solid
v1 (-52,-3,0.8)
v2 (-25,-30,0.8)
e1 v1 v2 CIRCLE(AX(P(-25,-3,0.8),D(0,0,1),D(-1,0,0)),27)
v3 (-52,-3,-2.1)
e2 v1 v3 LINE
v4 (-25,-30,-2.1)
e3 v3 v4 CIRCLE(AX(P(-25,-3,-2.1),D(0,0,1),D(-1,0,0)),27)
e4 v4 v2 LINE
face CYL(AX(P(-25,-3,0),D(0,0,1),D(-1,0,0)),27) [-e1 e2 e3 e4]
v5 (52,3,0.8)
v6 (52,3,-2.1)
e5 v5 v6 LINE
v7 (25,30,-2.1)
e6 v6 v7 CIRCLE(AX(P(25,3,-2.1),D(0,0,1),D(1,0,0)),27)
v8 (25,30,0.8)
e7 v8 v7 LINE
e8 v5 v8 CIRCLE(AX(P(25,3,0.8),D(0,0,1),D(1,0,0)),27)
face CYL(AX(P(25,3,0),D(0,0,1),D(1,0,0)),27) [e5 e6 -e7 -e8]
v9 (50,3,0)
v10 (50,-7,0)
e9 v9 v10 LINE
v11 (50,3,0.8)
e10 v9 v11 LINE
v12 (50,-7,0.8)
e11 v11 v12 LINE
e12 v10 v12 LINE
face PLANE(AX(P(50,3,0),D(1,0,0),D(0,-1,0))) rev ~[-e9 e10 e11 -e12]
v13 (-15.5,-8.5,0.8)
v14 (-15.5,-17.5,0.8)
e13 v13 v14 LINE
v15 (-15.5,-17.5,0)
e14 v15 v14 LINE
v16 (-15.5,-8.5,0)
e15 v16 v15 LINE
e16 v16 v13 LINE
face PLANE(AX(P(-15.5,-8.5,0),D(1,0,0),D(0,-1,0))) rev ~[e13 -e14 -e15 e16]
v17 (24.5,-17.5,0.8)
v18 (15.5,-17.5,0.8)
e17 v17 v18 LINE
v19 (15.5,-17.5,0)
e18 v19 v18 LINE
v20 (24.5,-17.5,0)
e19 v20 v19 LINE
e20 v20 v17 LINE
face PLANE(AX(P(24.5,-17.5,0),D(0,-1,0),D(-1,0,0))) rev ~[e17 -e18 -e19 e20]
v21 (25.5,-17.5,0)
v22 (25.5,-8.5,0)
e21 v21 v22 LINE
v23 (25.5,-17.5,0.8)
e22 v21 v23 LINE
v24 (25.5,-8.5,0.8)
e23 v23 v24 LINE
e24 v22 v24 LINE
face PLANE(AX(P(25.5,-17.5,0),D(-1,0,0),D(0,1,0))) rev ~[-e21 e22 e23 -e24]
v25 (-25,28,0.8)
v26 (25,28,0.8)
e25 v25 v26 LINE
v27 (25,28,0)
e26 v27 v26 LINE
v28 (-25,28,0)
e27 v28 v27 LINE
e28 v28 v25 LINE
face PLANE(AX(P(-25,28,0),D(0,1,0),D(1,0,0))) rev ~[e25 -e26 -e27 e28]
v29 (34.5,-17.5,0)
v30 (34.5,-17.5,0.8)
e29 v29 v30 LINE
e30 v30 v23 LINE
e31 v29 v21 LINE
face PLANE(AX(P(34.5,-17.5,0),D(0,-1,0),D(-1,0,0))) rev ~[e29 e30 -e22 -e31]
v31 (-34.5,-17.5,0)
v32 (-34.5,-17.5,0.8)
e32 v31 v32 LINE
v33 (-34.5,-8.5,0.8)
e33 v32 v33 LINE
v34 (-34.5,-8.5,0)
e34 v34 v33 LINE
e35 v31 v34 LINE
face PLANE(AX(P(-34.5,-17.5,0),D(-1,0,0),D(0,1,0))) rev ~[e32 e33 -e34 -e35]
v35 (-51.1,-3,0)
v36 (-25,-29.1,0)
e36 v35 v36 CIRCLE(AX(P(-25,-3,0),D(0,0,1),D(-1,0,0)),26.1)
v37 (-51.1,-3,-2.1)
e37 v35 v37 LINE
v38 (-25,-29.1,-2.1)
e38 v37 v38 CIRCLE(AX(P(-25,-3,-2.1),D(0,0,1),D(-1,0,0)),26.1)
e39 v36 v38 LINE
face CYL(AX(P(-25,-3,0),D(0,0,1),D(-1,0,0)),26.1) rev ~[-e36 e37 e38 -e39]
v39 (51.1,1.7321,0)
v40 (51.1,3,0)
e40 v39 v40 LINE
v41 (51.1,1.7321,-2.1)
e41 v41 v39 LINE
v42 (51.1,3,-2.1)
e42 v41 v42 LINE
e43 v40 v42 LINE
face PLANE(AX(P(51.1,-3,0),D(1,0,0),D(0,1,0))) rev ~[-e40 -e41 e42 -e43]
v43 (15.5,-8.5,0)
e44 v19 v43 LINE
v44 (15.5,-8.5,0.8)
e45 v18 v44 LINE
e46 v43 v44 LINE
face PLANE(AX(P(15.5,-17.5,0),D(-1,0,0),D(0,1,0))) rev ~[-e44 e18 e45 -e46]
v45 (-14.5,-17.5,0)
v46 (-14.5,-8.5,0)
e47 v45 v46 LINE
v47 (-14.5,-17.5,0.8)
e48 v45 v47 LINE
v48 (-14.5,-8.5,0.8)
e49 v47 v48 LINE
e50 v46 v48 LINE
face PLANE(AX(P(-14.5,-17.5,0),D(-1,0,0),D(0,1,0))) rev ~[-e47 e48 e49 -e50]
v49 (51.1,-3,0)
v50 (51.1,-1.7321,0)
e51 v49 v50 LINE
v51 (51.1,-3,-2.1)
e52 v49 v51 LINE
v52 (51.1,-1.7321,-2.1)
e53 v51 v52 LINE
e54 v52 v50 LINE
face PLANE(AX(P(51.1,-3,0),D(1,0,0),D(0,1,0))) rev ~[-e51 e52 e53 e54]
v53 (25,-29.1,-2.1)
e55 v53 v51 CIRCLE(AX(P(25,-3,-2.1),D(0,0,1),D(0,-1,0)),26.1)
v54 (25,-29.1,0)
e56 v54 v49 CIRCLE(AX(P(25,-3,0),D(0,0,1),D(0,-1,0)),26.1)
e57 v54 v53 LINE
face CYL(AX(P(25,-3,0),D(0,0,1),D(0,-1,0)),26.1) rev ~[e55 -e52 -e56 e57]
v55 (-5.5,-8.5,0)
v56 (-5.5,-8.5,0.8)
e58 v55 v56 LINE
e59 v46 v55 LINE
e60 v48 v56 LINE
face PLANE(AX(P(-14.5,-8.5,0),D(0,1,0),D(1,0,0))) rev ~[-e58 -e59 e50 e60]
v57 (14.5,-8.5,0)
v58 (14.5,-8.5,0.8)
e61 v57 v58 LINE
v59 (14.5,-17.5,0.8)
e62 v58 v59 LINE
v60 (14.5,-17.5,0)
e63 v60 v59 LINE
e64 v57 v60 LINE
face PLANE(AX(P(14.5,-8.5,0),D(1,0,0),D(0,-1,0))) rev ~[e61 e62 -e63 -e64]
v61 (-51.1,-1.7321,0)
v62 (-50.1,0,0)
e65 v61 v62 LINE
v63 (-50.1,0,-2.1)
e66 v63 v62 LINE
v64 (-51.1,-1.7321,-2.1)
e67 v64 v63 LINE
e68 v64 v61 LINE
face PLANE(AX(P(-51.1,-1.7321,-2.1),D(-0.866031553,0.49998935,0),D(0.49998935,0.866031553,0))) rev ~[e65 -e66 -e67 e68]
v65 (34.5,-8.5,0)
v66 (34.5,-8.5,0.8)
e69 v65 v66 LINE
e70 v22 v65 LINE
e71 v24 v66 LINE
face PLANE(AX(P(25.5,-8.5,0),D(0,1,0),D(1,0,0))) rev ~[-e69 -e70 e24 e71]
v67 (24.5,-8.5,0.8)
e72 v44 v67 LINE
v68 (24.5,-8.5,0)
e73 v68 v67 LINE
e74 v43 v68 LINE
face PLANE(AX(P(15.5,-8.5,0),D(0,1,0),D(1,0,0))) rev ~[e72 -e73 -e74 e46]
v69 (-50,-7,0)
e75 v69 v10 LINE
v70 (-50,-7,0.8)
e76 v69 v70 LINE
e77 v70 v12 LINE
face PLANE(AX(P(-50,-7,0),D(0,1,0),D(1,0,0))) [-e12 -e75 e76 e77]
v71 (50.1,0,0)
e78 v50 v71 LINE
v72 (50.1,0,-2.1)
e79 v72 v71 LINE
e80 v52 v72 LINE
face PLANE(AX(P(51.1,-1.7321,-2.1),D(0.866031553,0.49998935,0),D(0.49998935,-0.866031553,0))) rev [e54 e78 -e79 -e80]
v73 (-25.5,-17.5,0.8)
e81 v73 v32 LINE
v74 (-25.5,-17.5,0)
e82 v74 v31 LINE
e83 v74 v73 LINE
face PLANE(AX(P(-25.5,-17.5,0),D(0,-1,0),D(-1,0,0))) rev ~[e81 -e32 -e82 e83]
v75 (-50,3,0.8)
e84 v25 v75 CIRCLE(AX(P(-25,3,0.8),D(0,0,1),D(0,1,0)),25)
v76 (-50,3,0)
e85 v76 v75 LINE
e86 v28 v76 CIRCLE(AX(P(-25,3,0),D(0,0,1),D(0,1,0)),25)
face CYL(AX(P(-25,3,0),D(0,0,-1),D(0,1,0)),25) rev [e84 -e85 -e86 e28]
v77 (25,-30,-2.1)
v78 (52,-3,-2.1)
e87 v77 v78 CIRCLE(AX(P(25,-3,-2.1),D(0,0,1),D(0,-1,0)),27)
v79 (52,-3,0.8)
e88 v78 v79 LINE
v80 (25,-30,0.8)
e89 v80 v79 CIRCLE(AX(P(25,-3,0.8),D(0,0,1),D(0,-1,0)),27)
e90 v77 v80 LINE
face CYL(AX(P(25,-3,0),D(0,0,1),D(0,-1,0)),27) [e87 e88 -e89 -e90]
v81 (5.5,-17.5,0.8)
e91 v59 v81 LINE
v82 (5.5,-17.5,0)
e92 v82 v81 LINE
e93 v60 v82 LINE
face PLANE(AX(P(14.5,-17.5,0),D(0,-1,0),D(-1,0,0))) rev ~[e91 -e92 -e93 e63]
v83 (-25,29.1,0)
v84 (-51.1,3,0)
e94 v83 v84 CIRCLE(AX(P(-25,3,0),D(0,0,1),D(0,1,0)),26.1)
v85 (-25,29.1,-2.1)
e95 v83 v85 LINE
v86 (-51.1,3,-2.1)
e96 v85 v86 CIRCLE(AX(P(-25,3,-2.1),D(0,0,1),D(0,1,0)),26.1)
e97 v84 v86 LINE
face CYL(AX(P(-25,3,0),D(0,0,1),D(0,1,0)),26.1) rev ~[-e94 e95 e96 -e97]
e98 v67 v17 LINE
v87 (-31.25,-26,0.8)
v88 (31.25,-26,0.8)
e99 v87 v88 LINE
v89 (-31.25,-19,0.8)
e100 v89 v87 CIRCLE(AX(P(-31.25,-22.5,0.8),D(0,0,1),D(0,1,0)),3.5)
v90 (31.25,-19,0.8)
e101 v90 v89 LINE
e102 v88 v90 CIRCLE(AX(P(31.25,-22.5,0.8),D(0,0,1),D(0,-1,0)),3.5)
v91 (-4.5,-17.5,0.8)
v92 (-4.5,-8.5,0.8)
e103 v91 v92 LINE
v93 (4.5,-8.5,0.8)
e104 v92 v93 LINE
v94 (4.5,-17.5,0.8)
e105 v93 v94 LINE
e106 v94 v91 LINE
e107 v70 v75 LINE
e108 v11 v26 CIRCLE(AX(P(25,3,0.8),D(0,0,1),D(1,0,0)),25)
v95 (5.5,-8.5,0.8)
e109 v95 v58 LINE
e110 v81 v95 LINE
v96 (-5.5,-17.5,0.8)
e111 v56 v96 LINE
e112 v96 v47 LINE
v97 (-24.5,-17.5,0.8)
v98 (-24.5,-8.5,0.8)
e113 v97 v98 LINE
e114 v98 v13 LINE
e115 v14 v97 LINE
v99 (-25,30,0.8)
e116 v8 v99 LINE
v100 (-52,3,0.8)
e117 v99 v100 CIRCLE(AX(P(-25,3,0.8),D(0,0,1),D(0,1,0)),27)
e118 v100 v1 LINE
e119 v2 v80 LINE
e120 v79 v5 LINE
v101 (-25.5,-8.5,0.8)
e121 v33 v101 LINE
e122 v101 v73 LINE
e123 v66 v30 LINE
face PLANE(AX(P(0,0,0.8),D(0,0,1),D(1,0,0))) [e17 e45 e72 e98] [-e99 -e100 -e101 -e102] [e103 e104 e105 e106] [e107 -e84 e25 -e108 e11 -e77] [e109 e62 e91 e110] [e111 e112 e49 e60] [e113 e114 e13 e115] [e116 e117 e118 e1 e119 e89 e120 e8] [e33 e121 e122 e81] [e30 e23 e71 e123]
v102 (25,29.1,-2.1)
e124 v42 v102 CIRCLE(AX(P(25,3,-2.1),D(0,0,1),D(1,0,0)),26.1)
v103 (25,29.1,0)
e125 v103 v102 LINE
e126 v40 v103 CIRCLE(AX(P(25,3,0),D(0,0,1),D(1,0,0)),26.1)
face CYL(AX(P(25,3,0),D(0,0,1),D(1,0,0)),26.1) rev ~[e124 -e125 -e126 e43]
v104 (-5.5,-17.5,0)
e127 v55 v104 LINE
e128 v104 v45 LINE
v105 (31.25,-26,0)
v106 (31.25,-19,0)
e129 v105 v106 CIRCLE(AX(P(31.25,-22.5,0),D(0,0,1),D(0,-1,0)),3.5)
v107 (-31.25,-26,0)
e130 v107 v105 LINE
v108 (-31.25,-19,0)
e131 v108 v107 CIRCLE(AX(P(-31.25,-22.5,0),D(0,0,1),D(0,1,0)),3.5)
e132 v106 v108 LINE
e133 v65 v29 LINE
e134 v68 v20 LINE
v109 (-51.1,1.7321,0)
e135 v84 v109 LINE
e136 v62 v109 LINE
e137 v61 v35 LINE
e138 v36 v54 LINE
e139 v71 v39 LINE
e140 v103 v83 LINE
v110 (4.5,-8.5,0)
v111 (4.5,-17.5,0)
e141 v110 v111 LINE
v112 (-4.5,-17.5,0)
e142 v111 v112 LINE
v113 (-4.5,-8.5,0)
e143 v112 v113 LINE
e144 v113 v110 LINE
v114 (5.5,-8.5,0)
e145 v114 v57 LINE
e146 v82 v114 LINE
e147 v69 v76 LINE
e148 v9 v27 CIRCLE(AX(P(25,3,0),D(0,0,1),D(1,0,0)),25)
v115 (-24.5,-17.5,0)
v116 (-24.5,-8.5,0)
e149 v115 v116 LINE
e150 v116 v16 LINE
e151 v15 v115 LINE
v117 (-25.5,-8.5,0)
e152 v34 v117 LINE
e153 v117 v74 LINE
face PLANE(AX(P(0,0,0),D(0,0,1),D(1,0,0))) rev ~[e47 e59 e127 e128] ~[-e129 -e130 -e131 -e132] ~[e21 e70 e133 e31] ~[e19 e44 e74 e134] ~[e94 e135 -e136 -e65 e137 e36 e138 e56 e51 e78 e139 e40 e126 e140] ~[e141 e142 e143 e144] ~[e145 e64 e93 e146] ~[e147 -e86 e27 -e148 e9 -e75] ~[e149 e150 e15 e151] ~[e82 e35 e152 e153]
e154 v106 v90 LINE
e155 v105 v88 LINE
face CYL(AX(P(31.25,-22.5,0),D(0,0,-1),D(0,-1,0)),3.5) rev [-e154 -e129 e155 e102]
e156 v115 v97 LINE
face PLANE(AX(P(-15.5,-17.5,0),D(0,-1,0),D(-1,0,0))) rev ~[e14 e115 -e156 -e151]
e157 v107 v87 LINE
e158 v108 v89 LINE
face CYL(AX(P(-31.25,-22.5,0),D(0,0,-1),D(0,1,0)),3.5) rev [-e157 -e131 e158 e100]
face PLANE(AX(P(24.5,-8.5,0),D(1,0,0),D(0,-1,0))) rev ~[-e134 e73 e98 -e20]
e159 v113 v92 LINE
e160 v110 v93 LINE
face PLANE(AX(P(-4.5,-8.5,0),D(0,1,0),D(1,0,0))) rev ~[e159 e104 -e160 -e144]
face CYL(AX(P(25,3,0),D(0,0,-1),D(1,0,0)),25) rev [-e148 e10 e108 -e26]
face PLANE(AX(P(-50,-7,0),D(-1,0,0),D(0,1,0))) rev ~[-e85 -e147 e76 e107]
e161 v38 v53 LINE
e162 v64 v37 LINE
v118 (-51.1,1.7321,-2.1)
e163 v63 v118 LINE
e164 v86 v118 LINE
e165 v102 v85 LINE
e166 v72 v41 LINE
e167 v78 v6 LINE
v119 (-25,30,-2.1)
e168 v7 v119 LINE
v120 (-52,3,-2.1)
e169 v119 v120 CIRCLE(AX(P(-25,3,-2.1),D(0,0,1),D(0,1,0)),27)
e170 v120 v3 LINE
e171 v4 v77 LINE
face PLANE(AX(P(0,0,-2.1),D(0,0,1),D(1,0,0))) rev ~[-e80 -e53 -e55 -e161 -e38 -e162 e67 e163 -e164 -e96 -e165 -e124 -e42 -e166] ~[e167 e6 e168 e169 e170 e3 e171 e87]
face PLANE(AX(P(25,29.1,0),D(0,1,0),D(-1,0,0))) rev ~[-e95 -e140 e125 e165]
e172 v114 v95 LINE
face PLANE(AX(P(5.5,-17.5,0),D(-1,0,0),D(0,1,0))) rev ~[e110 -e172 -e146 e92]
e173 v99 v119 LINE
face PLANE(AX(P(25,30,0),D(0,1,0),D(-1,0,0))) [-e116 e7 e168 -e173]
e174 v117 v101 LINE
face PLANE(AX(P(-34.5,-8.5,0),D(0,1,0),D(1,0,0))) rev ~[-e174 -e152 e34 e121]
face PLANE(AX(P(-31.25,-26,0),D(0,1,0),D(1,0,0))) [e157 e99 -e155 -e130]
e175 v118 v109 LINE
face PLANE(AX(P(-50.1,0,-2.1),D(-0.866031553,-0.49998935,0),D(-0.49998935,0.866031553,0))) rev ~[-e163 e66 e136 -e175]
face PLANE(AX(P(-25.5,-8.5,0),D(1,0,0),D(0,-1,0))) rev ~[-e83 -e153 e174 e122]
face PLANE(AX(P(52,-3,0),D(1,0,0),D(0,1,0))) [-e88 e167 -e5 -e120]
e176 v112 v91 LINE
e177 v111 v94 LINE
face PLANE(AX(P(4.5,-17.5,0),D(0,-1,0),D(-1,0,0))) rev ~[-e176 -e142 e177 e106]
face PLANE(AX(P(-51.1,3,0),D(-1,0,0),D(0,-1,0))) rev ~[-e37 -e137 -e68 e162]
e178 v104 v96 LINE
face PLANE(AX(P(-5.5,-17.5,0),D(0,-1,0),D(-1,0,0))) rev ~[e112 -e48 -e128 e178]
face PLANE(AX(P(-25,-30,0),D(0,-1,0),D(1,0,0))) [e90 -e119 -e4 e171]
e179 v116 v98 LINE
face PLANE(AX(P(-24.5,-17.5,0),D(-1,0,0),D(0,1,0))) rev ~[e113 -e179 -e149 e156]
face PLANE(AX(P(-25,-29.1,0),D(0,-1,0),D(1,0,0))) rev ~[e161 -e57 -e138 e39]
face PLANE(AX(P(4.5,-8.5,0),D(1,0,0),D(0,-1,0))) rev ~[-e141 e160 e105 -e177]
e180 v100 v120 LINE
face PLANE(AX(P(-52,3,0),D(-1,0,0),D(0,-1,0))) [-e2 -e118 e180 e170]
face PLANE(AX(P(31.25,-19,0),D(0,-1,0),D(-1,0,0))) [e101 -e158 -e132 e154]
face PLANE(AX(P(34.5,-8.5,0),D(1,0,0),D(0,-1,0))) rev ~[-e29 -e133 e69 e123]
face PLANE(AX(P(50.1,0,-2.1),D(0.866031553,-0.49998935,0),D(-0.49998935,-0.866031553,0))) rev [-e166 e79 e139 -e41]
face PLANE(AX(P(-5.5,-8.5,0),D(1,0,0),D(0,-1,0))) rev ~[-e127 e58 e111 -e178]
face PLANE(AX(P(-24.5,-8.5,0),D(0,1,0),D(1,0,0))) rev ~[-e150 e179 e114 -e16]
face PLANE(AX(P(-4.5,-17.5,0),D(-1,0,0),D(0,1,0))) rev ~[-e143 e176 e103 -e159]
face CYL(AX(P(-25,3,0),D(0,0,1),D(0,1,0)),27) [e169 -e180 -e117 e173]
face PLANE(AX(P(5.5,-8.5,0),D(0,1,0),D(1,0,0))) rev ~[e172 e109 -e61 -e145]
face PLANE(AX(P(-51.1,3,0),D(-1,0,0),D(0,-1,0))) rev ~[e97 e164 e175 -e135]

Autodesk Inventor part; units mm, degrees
ref_plane "YZ Plane" through (0, 0, 0) normal (1, 0, 0) x (0, 1, 0)
ref_plane "XZ Plane" through (0, 0, 0) normal (0, 1, 0) x (-1, 0, 0)
ref_plane "XY Plane" through (0, 0, 0) normal (0, 0, 1) x (1, 0, 0)
sketch "Sketch1" plane through (0, 0, 0) normal (0, 0, 1) x (1, 0, 0)
  line L0 (-25, -30) -> (25, -30)
  line L1 (52, -3) -> (52, 3)
  line L2 (25, 30) -> (-25, 30)
  line L3 (-52, 3) -> (-52, -3)
  line L4 (-52, -30) -> (52, 30) construction
  line L5 (52, -30) -> (-52, 30) construction
  arc A0 (-25, 30) -> (-52, 3) centre (-25, 3) ccw
  arc A1 (52, 3) -> (25, 30) centre (25, 3) ccw
  arc A2 (25, -30) -> (52, -3) centre (25, -3) ccw
  arc A3 (-52, -3) -> (-25, -30) centre (-25, -3) ccw
  line L6 (-51.1, 3) -> (-51.1, -3)
  arc A4 (-51.1, -3) -> (-25, -29.1) centre (-25, -3) ccw
  line L7 (-25, -29.1) -> (25, -29.1)
  arc A5 (25, -29.1) -> (51.1, -3) centre (25, -3) ccw
  line L8 (51.1, -3) -> (51.1, 3)
  arc A6 (51.1, 3) -> (25, 29.1) centre (25, 3) ccw
  line L9 (25, 29.1) -> (-25, 29.1)
  arc A7 (-25, 29.1) -> (-51.1, 3) centre (-25, 3) ccw
  line L10 (-25, 28) -> (25, 28)
  arc A8 (50, 3) -> (25, 28) centre (25, 3) ccw
  line L11 (50, 3) -> (50, -7)
  line L12 (-50, -7) -> (-50, 3)
  arc A9 (-25, 28) -> (-50, 3) centre (-25, 3) ccw
  line L13 (-50, -7) -> (50, -7)
  line L14 (-34.5, -8.5) -> (-25.5, -8.5)
  line L15 (-25.5, -8.5) -> (-25.5, -17.5)
  line L16 (-25.5, -17.5) -> (-34.5, -17.5)
  line L17 (-34.5, -17.5) -> (-34.5, -8.5)
  line L18 (-24.5, -8.5) -> (-15.5, -8.5)
  line L19 (-24.5, -17.5) -> (-24.5, -8.5)
  line L20 (-15.5, -8.5) -> (-15.5, -17.5)
  line L21 (-15.5, -17.5) -> (-24.5, -17.5)
  line L22 (-14.5, -8.5) -> (-5.5, -8.5)
  line L23 (-14.5, -17.5) -> (-14.5, -8.5)
  line L24 (-5.5, -8.5) -> (-5.5, -17.5)
  line L25 (-5.5, -17.5) -> (-14.5, -17.5)
  line L26 (-4.5, -8.5) -> (4.5, -8.5)
  line L27 (-4.5, -17.5) -> (-4.5, -8.5)
  line L28 (4.5, -8.5) -> (4.5, -17.5)
  line L29 (4.5, -17.5) -> (-4.5, -17.5)
  line L30 (5.5, -8.5) -> (14.5, -8.5)
  line L31 (5.5, -17.5) -> (5.5, -8.5)
  line L32 (14.5, -8.5) -> (14.5, -17.5)
  line L33 (14.5, -17.5) -> (5.5, -17.5)
  line L34 (15.5, -8.5) -> (24.5, -8.5)
  line L35 (15.5, -17.5) -> (15.5, -8.5)
  line L36 (24.5, -8.5) -> (24.5, -17.5)
  line L37 (24.5, -17.5) -> (15.5, -17.5)
  line L38 (25.5, -8.5) -> (34.5, -8.5)
  line L39 (25.5, -17.5) -> (25.5, -8.5)
  line L40 (34.5, -8.5) -> (34.5, -17.5)
  line L41 (34.5, -17.5) -> (25.5, -17.5)
  line L42 (-31.25, -22.5) -> (31.25, -22.5) construction
  line L43 (-31.25, -26) -> (31.25, -26)
  line L44 (31.25, -19) -> (-31.25, -19)
  arc A10 (-31.25, -19) -> (-31.25, -26) centre (-31.25, -22.5) ccw
  arc A11 (31.25, -26) -> (31.25, -19) centre (31.25, -22.5) ccw
  point P0 (0, 0)
  point P1 (0, -22.5)
  point P2 (0, 0)
  point P3 (0, -8.5)
  point P4 (4.5, -13)
  point P5 (0, 0)
  dimension "d0" = 104
  dimension "d1" = 60
  dimension "d2" = 27
  dimension "d3" = 58.2
  dimension "d4" = 2
  dimension "d5" = 23
  dimension "d6" = 9
  dimension "d9" = 10
  dimension "d16" = 62.5
  dimension "d17" = 7
  dimension "d24" = 13
  dimension "d25" = 22.5
extrude "Extrusion1" add sketch "Sketch1" against normal blind 2.1 contours A3 L3 A0 L2 A1 L1 A2 L0
extrude "Extrusion2" add sketch "Sketch1" along normal blind 0.8 contours A3 L3 A0 L2 A1 L1 A2 L0 | A7 L9 A6 L8 A5 L7 A4 L6
sketch "Sketch2" plane through (0, 0, -2.1) normal (0, 0, -1) x (-1, 0, 0)
  arc A0 (25, -29.1) -> (51.1, -3) centre (25, -3) ccw projected
  line L0 (25, -29.1) -> (-25, -29.1) projected
  arc A1 (-51.1, -3) -> (-25, -29.1) centre (-25, -3) ccw projected
  line L1 (-51.1, -3) -> (-51.1, 3) projected
  arc A2 (-25, 29.1) -> (-51.1, 3) centre (-25, 3) ccw projected
  line L2 (-25, 29.1) -> (25, 29.1) projected
  arc A3 (51.1, 3) -> (25, 29.1) centre (25, 3) ccw projected
  line L3 (51.1, 3) -> (51.1, -3) projected
  line L4 (25, 30) -> (-25, 30) projected
  arc A4 (-25, 30) -> (-52, 3) centre (-25, 3) ccw projected
  line L5 (-52, 3) -> (-52, -3) projected
  arc A5 (-52, -3) -> (-25, -30) centre (-25, -3) ccw projected
  line L6 (-25, -30) -> (25, -30) projected
  arc A6 (25, -30) -> (52, -3) centre (25, -3) ccw projected
  line L7 (52, -3) -> (52, 3) projected
  arc A7 (52, 3) -> (25, 30) centre (25, 3) ccw projected
  line L8 (51.1, 3) -> (51.1, -3) projected
  line L9 (51.1, -1.7321) -> (50.1, 0)
  line L10 (50.1, 0) -> (51.1, 1.7321)
  point P0 (0, 0)
  point P1 (51.1, 0)
  dimension "d26" = 1
  dimension "d27" = 120
extrude "Extrusion3" add sketch "Sketch2" against normal up to surface (2.1 mm away) contours L9 L10 L3
mirror "Mirror1" about plane through (0, 0, 0) normal (1, 0, 0) of "Extrusion3"
properties part number "Game_ColoniesV2"
